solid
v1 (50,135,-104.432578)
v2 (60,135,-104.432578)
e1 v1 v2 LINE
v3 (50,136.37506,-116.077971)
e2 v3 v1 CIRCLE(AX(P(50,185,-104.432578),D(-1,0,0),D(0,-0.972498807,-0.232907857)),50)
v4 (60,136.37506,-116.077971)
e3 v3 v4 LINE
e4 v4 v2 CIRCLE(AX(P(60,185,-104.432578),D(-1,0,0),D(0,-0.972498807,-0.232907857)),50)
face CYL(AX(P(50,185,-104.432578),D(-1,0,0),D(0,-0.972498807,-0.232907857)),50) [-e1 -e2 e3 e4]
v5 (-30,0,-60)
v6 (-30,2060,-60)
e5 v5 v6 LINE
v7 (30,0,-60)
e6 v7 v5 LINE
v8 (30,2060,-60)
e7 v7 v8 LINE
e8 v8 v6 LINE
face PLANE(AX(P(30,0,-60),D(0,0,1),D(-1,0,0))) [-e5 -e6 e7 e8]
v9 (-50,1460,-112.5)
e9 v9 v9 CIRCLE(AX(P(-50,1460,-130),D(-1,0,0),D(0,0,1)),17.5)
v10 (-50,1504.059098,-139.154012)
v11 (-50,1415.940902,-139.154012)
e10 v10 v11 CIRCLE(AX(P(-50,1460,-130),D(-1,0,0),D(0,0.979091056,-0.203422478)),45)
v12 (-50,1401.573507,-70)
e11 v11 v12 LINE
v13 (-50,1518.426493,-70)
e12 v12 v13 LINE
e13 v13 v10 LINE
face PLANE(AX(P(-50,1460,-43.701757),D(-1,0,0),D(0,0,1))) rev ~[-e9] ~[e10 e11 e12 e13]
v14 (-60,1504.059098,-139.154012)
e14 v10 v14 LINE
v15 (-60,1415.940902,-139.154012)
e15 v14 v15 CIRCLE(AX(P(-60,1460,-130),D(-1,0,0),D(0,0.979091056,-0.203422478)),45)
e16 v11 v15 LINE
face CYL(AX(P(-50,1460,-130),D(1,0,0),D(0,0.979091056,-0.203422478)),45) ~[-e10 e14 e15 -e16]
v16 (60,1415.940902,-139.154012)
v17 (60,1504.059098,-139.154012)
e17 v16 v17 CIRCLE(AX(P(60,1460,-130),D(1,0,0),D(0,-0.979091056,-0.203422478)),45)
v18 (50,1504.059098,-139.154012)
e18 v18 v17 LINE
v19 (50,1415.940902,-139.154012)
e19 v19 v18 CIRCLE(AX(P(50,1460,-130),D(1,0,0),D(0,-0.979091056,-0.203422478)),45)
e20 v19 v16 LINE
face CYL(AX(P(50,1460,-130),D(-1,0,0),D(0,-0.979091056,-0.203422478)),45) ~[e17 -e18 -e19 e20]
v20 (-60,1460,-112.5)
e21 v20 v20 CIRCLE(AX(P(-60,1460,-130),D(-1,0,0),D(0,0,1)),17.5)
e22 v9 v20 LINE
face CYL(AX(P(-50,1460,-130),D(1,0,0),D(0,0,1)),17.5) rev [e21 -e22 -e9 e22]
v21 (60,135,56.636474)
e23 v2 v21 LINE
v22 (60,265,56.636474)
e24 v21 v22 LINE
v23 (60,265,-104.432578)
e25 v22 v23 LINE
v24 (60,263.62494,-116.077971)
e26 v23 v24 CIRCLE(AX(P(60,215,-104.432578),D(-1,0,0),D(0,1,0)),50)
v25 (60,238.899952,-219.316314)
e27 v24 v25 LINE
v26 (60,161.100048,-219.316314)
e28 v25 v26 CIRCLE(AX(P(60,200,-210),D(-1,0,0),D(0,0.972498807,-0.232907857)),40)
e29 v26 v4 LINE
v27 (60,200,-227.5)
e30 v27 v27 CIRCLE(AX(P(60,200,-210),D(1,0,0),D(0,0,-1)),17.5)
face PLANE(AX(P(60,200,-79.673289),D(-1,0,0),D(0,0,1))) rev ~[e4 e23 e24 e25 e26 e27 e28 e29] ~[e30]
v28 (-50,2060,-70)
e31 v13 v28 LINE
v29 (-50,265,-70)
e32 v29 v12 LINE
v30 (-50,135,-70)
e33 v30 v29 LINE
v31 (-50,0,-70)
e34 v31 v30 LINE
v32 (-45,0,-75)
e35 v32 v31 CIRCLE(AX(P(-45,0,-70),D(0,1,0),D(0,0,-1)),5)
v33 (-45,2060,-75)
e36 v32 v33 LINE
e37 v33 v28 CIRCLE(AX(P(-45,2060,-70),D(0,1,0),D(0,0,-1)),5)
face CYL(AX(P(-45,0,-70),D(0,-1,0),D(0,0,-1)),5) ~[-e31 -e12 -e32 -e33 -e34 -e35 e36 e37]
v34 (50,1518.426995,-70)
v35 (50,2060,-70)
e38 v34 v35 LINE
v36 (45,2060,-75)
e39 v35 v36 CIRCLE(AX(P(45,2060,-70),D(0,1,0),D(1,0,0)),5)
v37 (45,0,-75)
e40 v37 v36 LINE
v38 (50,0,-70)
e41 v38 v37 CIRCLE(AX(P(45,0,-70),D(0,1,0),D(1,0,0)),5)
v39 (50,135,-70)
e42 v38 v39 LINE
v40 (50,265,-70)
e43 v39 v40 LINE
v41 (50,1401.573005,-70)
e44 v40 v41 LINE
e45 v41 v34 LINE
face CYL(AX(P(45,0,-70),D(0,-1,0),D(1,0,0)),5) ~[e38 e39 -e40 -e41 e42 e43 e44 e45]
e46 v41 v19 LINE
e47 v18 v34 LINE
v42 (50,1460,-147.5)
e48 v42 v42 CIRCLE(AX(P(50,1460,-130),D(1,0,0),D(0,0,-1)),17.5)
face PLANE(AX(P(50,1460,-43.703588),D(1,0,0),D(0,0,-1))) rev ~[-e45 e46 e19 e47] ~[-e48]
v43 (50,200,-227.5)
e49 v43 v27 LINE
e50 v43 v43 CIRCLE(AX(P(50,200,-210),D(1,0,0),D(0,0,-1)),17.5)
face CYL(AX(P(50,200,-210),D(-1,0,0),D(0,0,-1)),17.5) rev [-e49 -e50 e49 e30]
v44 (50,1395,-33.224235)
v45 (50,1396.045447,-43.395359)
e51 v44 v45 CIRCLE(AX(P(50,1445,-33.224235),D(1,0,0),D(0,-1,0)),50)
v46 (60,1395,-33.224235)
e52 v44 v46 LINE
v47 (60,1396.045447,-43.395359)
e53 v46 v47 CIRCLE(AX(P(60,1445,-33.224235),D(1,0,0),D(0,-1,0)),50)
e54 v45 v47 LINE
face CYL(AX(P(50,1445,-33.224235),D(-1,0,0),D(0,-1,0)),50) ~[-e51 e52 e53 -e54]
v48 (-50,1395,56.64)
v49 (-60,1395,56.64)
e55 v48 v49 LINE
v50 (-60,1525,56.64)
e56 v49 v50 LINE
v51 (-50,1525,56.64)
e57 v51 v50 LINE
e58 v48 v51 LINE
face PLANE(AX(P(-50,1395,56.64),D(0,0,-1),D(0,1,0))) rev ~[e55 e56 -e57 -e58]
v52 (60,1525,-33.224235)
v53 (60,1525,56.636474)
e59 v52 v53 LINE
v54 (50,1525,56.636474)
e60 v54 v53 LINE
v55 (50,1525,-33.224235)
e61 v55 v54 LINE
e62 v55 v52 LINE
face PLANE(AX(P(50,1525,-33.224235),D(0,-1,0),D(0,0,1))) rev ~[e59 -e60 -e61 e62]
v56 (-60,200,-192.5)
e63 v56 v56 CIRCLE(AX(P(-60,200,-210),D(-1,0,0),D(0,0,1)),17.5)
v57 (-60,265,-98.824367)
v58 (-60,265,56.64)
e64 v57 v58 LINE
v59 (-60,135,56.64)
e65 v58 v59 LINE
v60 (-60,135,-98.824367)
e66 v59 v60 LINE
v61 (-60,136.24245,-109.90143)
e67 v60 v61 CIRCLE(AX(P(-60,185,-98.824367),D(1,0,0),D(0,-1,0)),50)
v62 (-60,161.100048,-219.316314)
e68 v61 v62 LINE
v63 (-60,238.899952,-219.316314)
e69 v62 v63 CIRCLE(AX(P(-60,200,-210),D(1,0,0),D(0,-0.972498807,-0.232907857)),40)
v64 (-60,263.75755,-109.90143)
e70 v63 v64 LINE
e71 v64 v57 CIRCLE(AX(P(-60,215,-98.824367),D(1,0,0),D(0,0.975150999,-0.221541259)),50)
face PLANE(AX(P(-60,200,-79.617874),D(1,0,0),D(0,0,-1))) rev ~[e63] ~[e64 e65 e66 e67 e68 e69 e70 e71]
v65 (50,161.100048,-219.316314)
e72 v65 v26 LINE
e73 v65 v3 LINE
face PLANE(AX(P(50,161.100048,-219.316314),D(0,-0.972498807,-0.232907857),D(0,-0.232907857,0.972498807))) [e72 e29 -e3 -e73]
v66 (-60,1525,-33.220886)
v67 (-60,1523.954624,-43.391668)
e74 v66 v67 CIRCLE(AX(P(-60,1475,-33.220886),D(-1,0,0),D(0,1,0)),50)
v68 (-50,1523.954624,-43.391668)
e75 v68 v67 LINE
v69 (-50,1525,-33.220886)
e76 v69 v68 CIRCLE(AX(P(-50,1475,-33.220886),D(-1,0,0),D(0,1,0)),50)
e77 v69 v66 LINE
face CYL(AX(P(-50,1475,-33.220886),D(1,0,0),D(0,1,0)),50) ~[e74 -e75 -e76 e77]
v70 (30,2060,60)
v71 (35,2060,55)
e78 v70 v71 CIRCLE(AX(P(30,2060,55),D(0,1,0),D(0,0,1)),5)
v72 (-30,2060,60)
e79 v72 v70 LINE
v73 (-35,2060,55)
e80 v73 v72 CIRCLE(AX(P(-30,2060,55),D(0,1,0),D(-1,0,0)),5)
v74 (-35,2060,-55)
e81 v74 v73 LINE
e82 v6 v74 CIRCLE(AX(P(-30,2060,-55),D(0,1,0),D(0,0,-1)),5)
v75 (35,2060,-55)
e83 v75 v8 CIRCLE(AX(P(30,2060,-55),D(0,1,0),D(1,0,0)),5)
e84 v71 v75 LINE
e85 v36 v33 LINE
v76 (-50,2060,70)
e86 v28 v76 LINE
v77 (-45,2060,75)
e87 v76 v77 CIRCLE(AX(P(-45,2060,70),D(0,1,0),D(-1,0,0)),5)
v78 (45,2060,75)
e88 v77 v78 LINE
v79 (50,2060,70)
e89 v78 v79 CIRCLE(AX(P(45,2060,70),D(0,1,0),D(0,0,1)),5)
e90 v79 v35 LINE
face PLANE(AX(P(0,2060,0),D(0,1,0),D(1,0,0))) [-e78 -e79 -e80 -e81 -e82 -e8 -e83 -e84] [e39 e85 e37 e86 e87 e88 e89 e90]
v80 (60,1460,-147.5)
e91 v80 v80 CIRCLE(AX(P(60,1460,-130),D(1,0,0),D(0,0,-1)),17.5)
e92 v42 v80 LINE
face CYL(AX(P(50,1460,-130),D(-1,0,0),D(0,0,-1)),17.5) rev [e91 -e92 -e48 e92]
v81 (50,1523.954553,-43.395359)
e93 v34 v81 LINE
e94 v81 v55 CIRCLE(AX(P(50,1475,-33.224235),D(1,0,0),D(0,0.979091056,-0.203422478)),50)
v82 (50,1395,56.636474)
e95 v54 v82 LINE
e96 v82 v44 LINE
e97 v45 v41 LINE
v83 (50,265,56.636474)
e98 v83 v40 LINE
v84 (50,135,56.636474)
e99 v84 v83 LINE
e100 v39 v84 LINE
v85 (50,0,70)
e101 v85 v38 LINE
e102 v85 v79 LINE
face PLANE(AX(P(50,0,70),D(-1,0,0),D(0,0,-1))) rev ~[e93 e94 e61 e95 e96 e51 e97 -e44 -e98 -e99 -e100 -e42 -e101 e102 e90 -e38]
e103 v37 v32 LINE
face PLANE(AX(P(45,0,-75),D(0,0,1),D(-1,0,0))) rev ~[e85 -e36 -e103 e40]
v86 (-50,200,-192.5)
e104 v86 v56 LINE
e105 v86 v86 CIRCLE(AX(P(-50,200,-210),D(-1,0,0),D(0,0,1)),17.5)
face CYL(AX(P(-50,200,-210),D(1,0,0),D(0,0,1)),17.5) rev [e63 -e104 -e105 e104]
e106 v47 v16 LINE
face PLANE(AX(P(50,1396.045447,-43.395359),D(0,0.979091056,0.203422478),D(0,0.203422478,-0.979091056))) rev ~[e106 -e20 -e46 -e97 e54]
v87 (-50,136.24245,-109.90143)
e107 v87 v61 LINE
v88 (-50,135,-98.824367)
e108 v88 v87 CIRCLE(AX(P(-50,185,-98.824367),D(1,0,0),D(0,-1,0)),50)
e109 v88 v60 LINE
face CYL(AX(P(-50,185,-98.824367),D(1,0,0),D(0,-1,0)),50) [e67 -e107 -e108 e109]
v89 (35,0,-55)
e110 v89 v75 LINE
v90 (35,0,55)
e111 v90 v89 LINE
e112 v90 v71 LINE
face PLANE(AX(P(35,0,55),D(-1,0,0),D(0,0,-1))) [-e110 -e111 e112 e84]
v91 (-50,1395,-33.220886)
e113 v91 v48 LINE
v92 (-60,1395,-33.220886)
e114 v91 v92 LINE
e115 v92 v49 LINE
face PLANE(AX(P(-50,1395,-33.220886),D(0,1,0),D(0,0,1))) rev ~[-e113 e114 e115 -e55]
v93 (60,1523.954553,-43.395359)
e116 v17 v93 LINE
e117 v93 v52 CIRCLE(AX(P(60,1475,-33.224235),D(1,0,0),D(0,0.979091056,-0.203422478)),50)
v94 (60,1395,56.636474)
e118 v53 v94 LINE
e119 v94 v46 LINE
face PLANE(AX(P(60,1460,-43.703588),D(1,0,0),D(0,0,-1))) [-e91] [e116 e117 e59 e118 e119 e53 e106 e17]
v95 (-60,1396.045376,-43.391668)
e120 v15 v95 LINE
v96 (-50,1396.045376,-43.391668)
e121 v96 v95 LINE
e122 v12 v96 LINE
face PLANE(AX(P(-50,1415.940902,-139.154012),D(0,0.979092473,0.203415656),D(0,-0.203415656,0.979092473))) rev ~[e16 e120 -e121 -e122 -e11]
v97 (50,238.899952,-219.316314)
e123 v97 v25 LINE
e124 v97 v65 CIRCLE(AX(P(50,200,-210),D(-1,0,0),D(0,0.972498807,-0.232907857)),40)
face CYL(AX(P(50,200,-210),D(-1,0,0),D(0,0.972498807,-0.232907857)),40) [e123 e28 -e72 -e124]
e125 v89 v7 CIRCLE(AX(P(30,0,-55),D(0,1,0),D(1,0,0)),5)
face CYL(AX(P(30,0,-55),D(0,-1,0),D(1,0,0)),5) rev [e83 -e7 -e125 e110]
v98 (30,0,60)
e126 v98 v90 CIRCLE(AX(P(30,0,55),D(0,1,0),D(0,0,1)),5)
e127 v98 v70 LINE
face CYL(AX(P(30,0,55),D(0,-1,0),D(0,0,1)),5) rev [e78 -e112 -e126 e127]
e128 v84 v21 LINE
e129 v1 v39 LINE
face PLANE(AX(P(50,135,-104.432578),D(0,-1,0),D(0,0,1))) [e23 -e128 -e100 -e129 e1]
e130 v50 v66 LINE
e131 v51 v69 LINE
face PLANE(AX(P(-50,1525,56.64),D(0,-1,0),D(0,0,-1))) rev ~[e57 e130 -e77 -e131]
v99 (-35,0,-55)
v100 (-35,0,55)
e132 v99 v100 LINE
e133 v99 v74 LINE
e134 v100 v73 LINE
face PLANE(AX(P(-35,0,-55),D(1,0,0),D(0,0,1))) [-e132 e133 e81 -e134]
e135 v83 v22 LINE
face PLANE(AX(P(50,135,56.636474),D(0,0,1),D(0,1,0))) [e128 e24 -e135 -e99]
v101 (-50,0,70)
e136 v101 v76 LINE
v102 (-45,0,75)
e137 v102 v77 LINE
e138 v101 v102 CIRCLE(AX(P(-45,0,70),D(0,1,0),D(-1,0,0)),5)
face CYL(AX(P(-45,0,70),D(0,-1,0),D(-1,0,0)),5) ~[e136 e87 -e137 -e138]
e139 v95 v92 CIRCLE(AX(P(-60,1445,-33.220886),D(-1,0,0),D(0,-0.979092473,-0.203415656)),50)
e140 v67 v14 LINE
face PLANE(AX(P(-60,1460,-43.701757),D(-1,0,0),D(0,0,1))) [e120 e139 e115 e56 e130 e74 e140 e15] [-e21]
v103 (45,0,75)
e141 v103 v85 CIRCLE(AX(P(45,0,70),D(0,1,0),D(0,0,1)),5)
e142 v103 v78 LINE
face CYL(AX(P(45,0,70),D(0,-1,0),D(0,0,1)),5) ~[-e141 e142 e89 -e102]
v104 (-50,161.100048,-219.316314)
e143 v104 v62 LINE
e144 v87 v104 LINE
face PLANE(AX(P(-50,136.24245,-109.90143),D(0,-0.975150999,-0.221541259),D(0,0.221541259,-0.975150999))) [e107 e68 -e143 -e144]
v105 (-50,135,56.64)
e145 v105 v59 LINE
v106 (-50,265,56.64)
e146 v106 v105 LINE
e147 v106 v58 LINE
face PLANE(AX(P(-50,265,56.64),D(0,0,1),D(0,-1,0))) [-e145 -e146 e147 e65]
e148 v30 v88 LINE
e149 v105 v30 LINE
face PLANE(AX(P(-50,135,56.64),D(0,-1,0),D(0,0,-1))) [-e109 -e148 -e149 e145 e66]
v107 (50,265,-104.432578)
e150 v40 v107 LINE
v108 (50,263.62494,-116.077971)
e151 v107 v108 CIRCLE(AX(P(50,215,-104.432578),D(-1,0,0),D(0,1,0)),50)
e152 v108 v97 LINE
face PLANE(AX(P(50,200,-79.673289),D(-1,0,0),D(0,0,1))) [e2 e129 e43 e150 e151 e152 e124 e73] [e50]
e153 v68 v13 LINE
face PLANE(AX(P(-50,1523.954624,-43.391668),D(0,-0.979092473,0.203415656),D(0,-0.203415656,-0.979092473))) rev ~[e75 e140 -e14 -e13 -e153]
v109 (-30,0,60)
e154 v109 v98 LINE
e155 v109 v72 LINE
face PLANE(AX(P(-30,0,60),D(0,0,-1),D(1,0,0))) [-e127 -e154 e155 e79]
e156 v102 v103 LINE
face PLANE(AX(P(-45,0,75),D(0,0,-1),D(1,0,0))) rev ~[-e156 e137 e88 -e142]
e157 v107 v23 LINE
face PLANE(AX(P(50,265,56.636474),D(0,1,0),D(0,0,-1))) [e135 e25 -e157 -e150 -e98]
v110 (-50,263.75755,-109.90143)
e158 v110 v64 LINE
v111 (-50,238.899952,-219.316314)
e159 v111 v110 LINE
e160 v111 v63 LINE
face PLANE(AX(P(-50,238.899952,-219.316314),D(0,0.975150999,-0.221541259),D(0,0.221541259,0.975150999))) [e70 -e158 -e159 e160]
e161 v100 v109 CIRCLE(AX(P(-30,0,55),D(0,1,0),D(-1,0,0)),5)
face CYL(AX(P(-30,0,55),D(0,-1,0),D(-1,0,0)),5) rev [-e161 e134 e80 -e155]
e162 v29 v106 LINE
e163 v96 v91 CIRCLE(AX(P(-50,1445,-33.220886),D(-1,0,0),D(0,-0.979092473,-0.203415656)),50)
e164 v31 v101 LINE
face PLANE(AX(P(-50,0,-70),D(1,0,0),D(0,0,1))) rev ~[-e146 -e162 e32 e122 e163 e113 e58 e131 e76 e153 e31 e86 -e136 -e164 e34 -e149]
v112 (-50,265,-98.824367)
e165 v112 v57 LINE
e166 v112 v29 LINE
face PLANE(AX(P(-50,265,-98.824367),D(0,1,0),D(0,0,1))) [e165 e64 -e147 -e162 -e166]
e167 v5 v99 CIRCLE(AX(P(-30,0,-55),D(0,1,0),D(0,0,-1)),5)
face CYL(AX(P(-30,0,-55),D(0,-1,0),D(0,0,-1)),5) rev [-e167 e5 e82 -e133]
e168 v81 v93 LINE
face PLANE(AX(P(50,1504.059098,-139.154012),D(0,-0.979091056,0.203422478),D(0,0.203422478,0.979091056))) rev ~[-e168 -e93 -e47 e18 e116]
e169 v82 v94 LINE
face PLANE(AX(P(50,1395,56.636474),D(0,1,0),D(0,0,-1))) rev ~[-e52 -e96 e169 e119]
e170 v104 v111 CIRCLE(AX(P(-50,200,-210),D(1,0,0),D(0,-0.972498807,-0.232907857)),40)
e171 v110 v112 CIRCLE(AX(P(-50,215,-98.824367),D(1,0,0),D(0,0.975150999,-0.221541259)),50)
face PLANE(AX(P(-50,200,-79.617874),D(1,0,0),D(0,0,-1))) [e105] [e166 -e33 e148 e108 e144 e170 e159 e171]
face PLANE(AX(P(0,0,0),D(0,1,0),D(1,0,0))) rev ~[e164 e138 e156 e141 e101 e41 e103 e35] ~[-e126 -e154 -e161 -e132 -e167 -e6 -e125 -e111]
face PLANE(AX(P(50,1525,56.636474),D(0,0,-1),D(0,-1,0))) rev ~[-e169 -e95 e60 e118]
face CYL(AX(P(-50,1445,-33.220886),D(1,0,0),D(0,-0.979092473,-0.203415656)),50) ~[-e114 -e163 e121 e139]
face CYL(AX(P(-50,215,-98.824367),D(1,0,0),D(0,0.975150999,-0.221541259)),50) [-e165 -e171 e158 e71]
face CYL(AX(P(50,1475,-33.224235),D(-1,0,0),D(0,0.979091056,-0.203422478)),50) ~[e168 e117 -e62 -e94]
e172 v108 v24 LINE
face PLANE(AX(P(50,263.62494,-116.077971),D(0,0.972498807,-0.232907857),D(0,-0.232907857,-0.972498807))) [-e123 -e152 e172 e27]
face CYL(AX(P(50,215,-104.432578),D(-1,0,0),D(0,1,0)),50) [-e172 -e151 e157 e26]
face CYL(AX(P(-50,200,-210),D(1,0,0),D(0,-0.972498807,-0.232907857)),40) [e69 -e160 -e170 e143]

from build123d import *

# Parameters (mm, degrees)
BOSS_EXTRUDE1_DEPTH = 2060
SKETCH2_R           = 17.5
BOSS_EXTRUDE2_DEPTH = 10
SKETCH4_R           = 17.5
BOSS_EXTRUDE3_DEPTH = 10


with BuildPart() as part:
    # Sketch1 → Boss-Extrude1 (new body)
    with BuildSketch(Plane(origin=(0, 0, 0), x_dir=(1, 0, 0), z_dir=(0, 1, 0))):
        with BuildLine():
            Line((-45, -75), (45, -75))
            ThreePointArc((45, -75), (48.535533906, -73.535533906), (50, -70))
            Line((50, -70), (50, 70))
            ThreePointArc((50, 70), (48.535533906, 73.535533906), (45, 75))
            Line((45, 75), (-45, 75))
            ThreePointArc((-45, 75), (-48.535533906, 73.535533906), (-50, 70))
            Line((-50, 70), (-50, -70))
            ThreePointArc((-50, -70), (-48.535533906, -73.535533906), (-45, -75))
        make_face()
        with BuildLine():
            Line((-30, -60), (30, -60))
            ThreePointArc((30, -60), (33.535533906, -58.535533906), (35, -55))
            Line((35, -55), (35, 55))
            ThreePointArc((35, 55), (33.535533906, 58.535533906), (30, 60))
            Line((30, 60), (-30, 60))
            ThreePointArc((-30, 60), (-33.535533906, 58.535533906), (-35, 55))
            Line((-35, 55), (-35, -55))
            ThreePointArc((-35, -55), (-33.535533906, -58.535533906), (-30, -60))
        make_face(mode=Mode.SUBTRACT)
    extrude(amount=BOSS_EXTRUDE1_DEPTH)

    # Sketch2 → Boss-Extrude2 (add)
    with BuildSketch(Plane(origin=(50, 0, 0), x_dir=(0, 0, -1), z_dir=(1, 0, 0))):
        with BuildLine():
            Line((43.395359238, 1396.045447211), (139.154011501, 1415.94090249))
            ThreePointArc((139.154011501, 1415.94090249), (175, 1460), (139.154011501, 1504.05909751))
            Line((139.154011501, 1504.05909751), (43.395359238, 1523.954552789))
            ThreePointArc((43.395359238, 1523.954552789), (38.336590995, 1524.737951503), (33.224235348, 1525))
            Line((33.224235348, 1525), (-56.636474138, 1525))
            Line((-56.636474138, 1525), (-56.636474138, 1460))
            Line((-56.636474138, 1460), (-56.636474138, 1395))
            Line((-56.636474138, 1395), (33.224235348, 1395))
            ThreePointArc((33.224235348, 1395), (38.336590995, 1395.262048497), (43.395359238, 1396.045447211))
        make_face()
        with Locations((130, 1460)):
            Circle(SKETCH2_R, mode=Mode.SUBTRACT)
        with BuildLine():
            Line((-56.636474138, 200), (-56.636474138, 265))
            Line((-56.636474138, 265), (104.432577767, 265))
            ThreePointArc((104.432577767, 265), (110.295724617, 264.655045152), (116.07797063, 263.624940361))
            Line((116.07797063, 263.624940361), (219.31631429, 238.899952288))
            ThreePointArc((219.31631429, 238.899952288), (250, 200), (219.31631429, 161.100047712))
            Line((219.31631429, 161.100047712), (116.07797063, 136.375059639))
            ThreePointArc((116.07797063, 136.375059639), (110.295724617, 135.344954848), (104.432577767, 135))
            Line((104.432577767, 135), (-56.636474138, 135))
            Line((-56.636474138, 135), (-56.636474138, 200))
        make_face()
        with Locations((210, 200)):
            Circle(SKETCH2_R, mode=Mode.SUBTRACT)
    extrude(amount=BOSS_EXTRUDE2_DEPTH)

    # Sketch4 → Boss-Extrude3 (add)
    with BuildSketch(Plane.ZY.offset(50)):
        with BuildLine():
            Line((-219.31631429, 238.899952288), (-109.901430019, 263.757549946))
            ThreePointArc((-109.901430019, 263.757549946), (-104.397629265, 264.688416645), (-98.824367082, 265))
            Line((-98.824367082, 265), (56.64, 265))
            Line((56.64, 265), (56.64, 200))
            Line((56.64, 200), (56.64, 135))
            Line((56.64, 135), (-98.824367082, 135))
            ThreePointArc((-98.824367082, 135), (-104.397629265, 135.311583355), (-109.901430019, 136.242450054))
            Line((-109.901430019, 136.242450054), (-219.31631429, 161.100047712))
            ThreePointArc((-219.31631429, 161.100047712), (-250, 200), (-219.31631429, 238.899952288))
        make_face()
        with Locations((-210, 200)):
            Circle(SKETCH4_R, mode=Mode.SUBTRACT)
        with BuildLine():
            Line((56.64, 1460), (56.64, 1525))
            Line((56.64, 1525), (-33.220885504, 1525))
            ThreePointArc((-33.220885504, 1525), (-38.333067886, 1524.737969312), (-43.391668321, 1523.954623652))
            Line((-43.391668321, 1523.954623652), (-139.154011501, 1504.05909751))
            ThreePointArc((-139.154011501, 1504.05909751), (-175, 1460), (-139.154011501, 1415.94090249))
            Line((-139.154011501, 1415.94090249), (-43.391668321, 1396.045376348))
            ThreePointArc((-43.391668321, 1396.045376348), (-38.333067886, 1395.262030688), (-33.220885504, 1395))
            Line((-33.220885504, 1395), (56.64, 1395))
            Line((56.64, 1395), (56.64, 1460))
        make_face()
        with Locations((-130, 1460)):
            Circle(SKETCH4_R, mode=Mode.SUBTRACT)
    extrude(amount=BOSS_EXTRUDE3_DEPTH)


solid = part.part
